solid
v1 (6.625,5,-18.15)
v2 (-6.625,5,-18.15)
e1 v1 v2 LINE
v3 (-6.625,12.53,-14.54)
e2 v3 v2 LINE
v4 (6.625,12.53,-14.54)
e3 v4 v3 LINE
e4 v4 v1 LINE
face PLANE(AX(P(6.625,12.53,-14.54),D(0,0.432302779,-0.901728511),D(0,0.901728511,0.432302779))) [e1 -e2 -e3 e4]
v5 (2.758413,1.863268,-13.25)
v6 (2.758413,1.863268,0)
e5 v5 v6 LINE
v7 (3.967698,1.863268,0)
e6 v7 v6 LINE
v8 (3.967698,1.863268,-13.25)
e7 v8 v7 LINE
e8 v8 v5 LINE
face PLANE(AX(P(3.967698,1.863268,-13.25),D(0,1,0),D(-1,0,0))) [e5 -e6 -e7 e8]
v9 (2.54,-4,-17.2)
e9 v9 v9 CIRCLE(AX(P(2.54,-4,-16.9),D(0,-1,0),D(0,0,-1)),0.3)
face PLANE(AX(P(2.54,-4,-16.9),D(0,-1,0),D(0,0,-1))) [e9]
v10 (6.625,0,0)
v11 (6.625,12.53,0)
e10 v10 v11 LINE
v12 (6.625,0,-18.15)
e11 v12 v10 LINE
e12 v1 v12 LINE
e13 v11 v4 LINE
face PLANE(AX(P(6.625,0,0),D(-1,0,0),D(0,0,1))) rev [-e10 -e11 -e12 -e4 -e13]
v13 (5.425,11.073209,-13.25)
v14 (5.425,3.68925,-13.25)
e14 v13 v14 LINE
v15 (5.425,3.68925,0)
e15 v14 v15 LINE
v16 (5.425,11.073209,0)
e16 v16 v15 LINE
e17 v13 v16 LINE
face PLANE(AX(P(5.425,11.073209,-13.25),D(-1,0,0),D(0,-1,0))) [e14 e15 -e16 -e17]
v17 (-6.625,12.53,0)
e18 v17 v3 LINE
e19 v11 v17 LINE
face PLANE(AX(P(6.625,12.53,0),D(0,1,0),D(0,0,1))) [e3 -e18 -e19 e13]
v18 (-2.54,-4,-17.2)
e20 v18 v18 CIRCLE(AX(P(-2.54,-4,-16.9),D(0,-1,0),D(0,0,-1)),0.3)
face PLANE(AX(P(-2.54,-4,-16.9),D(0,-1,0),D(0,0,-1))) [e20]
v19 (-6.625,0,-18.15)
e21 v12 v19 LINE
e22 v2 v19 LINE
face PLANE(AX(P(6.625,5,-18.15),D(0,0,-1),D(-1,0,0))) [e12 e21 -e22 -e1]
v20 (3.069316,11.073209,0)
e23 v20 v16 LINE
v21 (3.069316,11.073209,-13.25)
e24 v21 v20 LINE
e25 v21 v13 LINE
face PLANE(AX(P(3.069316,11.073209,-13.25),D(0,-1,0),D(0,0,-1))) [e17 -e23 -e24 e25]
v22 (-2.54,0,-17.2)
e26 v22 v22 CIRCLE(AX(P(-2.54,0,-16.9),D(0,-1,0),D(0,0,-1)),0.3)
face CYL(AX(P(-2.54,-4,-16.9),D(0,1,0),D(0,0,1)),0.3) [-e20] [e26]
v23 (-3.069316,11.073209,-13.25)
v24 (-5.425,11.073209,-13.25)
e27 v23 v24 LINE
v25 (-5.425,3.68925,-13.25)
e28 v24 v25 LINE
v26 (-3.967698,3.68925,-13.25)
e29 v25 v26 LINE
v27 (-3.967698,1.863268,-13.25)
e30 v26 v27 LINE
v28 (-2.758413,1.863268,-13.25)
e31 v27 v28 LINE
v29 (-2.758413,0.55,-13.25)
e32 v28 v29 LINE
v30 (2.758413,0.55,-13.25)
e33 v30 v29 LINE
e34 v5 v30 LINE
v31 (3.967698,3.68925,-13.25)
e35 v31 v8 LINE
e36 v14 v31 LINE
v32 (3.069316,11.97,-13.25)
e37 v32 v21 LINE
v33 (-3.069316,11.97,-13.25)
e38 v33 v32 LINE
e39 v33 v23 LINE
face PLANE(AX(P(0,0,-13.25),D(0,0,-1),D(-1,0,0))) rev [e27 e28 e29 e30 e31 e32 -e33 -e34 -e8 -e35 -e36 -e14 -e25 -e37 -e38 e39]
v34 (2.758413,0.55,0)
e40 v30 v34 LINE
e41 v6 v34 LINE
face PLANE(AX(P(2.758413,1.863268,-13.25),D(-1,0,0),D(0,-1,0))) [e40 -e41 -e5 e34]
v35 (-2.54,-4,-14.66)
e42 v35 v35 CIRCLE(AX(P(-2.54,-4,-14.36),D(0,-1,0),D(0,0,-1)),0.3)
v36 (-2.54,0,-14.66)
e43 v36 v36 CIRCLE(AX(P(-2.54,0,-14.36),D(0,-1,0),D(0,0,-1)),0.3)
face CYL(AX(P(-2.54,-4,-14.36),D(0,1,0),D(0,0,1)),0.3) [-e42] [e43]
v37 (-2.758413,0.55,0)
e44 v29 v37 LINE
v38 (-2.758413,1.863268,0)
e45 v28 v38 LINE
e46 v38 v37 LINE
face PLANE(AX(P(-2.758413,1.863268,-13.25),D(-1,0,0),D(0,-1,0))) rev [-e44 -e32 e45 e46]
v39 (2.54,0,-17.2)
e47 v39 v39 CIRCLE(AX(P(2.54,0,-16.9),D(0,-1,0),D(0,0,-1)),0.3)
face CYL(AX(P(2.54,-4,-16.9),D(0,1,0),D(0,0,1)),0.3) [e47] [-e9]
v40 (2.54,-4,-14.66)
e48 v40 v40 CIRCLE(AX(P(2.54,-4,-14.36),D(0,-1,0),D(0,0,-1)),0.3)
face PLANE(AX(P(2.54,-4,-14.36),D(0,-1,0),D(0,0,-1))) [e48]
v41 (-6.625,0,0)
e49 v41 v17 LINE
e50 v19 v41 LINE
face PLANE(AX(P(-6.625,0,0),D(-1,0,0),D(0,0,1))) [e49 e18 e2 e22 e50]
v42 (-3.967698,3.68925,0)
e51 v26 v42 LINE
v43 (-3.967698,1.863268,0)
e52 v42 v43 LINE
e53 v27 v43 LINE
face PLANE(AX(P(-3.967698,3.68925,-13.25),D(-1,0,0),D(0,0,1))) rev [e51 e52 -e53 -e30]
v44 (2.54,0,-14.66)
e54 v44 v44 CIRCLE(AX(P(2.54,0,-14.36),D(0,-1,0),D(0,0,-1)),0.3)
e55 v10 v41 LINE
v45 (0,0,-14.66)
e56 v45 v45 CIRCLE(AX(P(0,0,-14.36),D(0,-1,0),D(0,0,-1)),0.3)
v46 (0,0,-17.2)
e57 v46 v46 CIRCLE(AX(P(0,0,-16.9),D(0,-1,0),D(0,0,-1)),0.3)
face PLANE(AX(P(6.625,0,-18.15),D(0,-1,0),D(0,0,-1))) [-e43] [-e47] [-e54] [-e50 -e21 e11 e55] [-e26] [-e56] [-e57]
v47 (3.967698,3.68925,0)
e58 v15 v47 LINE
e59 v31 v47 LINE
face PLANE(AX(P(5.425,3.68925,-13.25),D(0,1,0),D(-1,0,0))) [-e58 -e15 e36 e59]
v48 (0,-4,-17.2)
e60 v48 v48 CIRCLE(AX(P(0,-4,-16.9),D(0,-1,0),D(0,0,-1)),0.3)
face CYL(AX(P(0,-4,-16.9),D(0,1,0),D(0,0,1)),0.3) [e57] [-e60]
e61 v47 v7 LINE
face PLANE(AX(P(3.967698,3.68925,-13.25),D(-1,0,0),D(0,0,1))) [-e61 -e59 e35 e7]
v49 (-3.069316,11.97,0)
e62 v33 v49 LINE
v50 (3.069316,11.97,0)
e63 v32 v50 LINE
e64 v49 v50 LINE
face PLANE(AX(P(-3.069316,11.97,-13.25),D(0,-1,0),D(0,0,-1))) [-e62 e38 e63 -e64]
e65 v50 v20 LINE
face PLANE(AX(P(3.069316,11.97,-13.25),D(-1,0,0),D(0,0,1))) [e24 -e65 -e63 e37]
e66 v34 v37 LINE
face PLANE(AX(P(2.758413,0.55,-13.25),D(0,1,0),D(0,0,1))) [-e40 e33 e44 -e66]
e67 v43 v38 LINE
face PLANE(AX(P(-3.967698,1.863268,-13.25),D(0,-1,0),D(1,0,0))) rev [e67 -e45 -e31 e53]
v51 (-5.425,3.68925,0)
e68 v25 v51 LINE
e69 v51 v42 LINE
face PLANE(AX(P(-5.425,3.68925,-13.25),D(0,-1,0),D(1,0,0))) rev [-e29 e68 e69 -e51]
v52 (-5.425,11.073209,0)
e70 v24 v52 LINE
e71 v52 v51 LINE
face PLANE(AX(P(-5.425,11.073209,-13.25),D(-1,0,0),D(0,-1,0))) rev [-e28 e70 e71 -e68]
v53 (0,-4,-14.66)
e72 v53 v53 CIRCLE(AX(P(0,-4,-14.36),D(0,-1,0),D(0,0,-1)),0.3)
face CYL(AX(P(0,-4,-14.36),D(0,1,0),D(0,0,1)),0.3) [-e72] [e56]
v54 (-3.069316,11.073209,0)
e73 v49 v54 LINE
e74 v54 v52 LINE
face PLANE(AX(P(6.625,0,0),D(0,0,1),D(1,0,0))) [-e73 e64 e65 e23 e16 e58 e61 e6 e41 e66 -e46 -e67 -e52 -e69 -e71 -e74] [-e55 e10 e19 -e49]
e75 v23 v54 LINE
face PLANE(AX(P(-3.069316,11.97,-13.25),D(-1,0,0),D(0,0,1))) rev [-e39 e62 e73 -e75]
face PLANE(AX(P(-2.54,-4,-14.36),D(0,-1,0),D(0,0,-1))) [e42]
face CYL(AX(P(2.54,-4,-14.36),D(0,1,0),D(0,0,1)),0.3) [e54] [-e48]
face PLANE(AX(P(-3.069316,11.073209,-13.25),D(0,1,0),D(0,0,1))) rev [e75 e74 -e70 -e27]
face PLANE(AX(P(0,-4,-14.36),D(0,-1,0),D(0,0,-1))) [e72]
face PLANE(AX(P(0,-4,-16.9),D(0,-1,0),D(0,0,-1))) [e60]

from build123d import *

# Parameters (mm, degrees)
BOSS_EXTRUDE1_DEPTH = 6.625
CUT_EXTRUDE1_DEPTH  = 13.25
SKETCH3_R           = 0.3
BOSS_EXTRUDE2_DEPTH = 4


with BuildPart() as part:
    # Sketch1 → Boss-Extrude1 (new, symmetric)
    with BuildSketch(Plane(origin=(0, 0, 0), x_dir=(0, 0, -1), z_dir=(1, 0, 0))):
        Polygon((0, 0), (0, 12.53), (14.54, 12.53), (18.15, 5), (18.15, 0), align=None)
    extrude(amount=BOSS_EXTRUDE1_DEPTH, both=True)

    # Sketch2 → Cut-Extrude1 (cut)
    with BuildSketch(Plane.XY):
        Polygon((-2.758412662, 1.863268477), (-2.758412662, 0.55), (2.758412662, 0.55), (2.758412662, 1.863268477), (3.967697722, 1.863268477), (3.967697722, 3.689249531), (5.425, 3.689249531), (5.425, 11.073209492), (3.069315997, 11.073209492), (3.069315997, 11.97), (-3.069315997, 11.97), (-3.069315997, 11.073209492), (-5.425, 11.073209492), (-5.425, 3.689249531), (-3.967697722, 3.689249531), (-3.967697722, 1.863268477), align=None)
    extrude(amount=-CUT_EXTRUDE1_DEPTH, mode=Mode.SUBTRACT)

    # Sketch3 → Boss-Extrude2 (add)
    with BuildSketch(Plane.XZ):
        with Locations(Location((2.54, -16.9, 0), (0, 0, 270))):
            Circle(SKETCH3_R)
        with Locations(Location((0, -16.9, 0), (0, 0, 270))):
            Circle(SKETCH3_R)
        with Locations(Location((-2.54, -16.9, 0), (0, 0, 270))):
            Circle(SKETCH3_R)
        with Locations(Location((0, -14.36, 0), (0, 0, 270))):
            Circle(SKETCH3_R)
        with Locations(Location((-2.54, -14.36, 0), (0, 0, 270))):
            Circle(SKETCH3_R)
        with Locations(Location((2.54, -14.36, 0), (0, 0, 270))):
            Circle(SKETCH3_R)
    extrude(amount=BOSS_EXTRUDE2_DEPTH)


solid = part.part
